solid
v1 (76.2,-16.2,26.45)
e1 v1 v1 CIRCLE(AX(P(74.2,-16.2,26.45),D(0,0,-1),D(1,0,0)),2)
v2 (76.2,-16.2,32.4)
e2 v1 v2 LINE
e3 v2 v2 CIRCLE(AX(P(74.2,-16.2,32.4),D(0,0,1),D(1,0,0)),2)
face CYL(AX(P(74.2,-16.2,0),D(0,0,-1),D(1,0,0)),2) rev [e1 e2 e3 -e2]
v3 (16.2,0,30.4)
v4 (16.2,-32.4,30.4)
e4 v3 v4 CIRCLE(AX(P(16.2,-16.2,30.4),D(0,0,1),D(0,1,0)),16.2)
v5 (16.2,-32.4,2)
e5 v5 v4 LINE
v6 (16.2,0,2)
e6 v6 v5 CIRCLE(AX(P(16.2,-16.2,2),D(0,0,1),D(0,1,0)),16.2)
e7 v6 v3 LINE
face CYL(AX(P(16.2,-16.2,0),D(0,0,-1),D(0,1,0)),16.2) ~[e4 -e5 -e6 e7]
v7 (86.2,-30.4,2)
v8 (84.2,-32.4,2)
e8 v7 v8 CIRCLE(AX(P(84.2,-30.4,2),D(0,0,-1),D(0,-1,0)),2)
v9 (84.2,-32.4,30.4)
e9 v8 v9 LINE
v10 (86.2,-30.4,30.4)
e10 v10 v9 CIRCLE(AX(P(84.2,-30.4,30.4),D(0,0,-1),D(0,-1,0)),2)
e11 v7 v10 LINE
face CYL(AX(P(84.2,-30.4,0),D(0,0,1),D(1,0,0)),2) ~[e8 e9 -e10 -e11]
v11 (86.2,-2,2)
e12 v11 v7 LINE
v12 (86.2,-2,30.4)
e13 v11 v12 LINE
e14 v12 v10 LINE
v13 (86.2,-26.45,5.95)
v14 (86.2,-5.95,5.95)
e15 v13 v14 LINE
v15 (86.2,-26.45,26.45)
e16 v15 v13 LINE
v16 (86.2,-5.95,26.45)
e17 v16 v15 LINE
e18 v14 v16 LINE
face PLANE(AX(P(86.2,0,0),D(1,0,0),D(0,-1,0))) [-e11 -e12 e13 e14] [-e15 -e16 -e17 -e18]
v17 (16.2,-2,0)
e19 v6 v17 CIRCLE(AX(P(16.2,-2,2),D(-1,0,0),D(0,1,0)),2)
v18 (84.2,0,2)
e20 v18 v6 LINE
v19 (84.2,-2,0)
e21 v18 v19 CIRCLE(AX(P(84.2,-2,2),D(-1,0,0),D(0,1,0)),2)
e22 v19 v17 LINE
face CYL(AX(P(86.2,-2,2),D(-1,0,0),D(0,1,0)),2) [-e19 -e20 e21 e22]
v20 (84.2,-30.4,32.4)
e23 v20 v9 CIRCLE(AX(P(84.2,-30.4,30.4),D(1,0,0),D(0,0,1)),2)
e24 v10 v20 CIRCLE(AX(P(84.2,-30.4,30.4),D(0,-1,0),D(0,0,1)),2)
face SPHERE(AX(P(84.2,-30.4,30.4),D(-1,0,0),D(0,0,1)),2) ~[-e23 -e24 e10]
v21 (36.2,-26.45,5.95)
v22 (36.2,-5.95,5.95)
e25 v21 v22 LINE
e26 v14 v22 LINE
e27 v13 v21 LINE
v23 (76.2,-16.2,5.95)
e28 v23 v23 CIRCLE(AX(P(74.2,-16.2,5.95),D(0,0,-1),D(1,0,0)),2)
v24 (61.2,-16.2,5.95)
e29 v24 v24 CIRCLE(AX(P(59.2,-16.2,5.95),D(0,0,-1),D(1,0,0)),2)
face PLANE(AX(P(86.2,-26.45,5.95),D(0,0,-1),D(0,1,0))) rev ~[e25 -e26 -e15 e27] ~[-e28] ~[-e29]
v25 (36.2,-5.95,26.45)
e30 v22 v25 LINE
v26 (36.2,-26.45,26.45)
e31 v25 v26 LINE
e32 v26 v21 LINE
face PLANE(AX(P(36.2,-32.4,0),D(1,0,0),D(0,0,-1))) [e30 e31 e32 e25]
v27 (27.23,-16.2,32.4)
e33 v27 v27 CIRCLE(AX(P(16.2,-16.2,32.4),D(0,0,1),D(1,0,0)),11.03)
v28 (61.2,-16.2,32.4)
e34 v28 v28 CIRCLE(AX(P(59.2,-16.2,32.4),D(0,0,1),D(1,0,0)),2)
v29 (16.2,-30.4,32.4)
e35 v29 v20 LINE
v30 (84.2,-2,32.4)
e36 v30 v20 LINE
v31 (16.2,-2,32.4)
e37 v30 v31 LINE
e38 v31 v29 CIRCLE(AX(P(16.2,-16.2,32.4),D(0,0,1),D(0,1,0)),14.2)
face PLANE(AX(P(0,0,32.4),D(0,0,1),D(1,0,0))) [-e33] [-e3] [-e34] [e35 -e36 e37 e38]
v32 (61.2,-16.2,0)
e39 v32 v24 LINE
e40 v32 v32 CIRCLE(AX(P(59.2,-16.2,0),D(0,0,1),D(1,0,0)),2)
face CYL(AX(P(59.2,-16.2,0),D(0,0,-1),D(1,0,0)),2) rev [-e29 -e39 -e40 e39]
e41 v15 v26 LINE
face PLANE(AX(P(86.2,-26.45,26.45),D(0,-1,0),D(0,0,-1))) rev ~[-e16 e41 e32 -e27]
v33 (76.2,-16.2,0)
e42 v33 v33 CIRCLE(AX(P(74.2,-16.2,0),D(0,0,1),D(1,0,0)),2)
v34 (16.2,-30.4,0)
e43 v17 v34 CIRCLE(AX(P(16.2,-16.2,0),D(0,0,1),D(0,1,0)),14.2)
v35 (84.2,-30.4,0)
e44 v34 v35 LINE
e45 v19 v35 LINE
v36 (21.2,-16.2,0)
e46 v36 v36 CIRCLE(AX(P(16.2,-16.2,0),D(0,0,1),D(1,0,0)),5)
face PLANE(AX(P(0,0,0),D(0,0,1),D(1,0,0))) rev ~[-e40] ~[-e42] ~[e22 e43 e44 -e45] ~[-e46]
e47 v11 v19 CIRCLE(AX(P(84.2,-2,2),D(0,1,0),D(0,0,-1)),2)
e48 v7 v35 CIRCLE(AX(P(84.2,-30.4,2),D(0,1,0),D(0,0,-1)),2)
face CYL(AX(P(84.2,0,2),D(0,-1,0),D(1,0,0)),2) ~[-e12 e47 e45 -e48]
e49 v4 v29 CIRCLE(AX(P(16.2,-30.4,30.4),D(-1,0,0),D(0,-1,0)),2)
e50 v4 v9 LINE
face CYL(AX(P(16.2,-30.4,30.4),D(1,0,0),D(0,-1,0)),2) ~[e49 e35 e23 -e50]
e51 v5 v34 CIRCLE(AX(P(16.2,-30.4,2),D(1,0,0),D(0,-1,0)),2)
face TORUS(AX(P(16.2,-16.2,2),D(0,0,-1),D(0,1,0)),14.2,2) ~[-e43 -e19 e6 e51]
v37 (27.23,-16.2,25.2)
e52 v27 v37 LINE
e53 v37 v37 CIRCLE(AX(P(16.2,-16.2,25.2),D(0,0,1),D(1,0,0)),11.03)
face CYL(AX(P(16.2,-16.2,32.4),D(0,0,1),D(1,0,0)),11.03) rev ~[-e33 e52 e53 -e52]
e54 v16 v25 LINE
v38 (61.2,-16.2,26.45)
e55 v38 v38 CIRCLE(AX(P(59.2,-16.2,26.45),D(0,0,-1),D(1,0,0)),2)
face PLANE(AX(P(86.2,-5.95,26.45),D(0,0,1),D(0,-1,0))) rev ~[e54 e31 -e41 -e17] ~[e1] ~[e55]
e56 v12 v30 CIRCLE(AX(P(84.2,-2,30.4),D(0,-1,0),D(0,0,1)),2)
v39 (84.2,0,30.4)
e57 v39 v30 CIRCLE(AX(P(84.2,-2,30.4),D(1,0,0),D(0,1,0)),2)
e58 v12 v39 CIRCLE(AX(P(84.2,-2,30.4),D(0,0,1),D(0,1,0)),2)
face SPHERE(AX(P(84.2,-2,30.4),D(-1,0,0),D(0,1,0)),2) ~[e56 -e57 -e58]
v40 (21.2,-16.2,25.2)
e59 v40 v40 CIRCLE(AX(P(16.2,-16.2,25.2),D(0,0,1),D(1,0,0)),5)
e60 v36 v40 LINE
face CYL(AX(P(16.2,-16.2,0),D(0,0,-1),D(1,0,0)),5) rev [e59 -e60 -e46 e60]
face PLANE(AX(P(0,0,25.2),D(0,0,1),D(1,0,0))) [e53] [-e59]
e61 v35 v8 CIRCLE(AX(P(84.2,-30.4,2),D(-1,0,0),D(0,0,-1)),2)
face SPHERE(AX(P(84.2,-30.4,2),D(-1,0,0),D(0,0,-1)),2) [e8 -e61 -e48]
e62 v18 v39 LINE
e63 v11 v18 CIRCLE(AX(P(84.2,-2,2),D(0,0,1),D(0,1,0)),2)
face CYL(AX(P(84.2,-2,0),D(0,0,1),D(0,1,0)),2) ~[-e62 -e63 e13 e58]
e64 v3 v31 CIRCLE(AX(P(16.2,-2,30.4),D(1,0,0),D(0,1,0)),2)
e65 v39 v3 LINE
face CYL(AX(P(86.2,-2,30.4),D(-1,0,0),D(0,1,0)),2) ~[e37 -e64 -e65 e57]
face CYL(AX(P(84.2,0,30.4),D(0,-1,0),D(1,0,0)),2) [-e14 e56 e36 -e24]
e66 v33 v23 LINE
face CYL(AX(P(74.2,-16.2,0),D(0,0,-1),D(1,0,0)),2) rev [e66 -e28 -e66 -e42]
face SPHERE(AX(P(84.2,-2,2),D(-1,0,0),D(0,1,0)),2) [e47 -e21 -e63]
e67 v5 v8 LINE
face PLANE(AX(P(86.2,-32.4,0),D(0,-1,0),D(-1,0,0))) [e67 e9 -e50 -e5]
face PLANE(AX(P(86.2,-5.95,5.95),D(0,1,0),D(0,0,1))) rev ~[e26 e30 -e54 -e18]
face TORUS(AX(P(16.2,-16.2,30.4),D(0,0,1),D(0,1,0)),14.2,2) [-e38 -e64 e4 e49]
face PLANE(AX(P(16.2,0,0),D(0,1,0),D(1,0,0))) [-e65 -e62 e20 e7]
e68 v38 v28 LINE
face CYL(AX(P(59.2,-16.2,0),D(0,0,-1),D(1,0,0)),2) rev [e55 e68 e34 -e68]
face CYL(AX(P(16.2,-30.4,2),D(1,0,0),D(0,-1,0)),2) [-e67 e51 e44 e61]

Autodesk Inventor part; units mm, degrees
ref_plane "YZ Plane" through (0, 0, 0) normal (1, 0, 0) x (0, 1, 0)
ref_plane "XZ Plane" through (0, 0, 0) normal (0, 1, 0) x (-1, 0, 0)
ref_plane "XY Plane" through (0, 0, 0) normal (0, 0, 1) x (1, 0, 0)
sketch "Sketch1" plane through (0, 0, 0) normal (0, 0, 1) x (1, 0, 0)
  line L0 (16.2, 0) -> (86.2, 0)
  line L1 (86.2, 0) -> (86.2, -32.4)
  line L2 (86.2, -32.4) -> (16.2, -32.4)
  circle A0 centre (16.2, -16.2) radius 5
  circle A1 centre (59.2, -16.2) radius 2
  circle A2 centre (74.2, -16.2) radius 2
  arc A3 (16.2, 0) -> (16.2, -32.4) centre (16.2, -16.2) ccw
  point P0 (0, 0)
  dimension "d1" = 32.4
  dimension "d2" = 10
  dimension "d4" = 16.2
  dimension "d5" = 4
  dimension "d6" = 43
  dimension "d7" = 4
  dimension "d8" = 15
  dimension "d9" = 32.4
extrude "Extrusion1" add sketch "Sketch1" along normal blind 32.4
sketch "Sketch2" plane through (86.2, -32.4, 0) normal (1, 0, 0) x (0, 0, -1)
  line L0 (0, 32.4) -> (-32.4, 32.4) projected
  line L1 (0, 0) -> (0, 32.4) projected
  line L2 (-26.45, 5.95) -> (-5.95, 5.95)
  line L3 (-5.95, 5.95) -> (-5.95, 26.45)
  line L4 (-5.95, 26.45) -> (-26.45, 26.45)
  line L5 (-26.45, 26.45) -> (-26.45, 5.95)
  line L6 (-26.45, 5.95) -> (-5.95, 26.45) construction
  line L7 (-5.95, 5.95) -> (-26.45, 26.45) construction
  dimension "d12" = 20.5
  dimension "d13" = 20.5
extrude "Extrusion2" cut sketch "Sketch2" against normal blind 50
sketch "Sketch3" plane through (0, 0, 32.4) normal (0, 0, 1) x (1, 0, 0)
  circle A0 centre (16.2, -16.2) radius 5 projected
  circle A1 centre (16.2, -16.2) radius 11.03
  point P0 (0, 0)
  dimension "d16" = 22.06
extrude "Extrusion3" cut sketch "Sketch3" against normal blind 7.2
fillet "Fillet1" radius 2 10 edges at (0, -16.2, 32.4) (51.2, -32.4, 32.4) (51.2, 0, 32.4) (0, -16.2, 0) (51.2, -32.4, 0) (51.2, 0, 0) (86.2, 0, 16.2) (86.2, -16.2, 32.4) (86.2, -16.2, 0) (86.2, -32.4, 16.2)
properties part number "băng chuyền"
